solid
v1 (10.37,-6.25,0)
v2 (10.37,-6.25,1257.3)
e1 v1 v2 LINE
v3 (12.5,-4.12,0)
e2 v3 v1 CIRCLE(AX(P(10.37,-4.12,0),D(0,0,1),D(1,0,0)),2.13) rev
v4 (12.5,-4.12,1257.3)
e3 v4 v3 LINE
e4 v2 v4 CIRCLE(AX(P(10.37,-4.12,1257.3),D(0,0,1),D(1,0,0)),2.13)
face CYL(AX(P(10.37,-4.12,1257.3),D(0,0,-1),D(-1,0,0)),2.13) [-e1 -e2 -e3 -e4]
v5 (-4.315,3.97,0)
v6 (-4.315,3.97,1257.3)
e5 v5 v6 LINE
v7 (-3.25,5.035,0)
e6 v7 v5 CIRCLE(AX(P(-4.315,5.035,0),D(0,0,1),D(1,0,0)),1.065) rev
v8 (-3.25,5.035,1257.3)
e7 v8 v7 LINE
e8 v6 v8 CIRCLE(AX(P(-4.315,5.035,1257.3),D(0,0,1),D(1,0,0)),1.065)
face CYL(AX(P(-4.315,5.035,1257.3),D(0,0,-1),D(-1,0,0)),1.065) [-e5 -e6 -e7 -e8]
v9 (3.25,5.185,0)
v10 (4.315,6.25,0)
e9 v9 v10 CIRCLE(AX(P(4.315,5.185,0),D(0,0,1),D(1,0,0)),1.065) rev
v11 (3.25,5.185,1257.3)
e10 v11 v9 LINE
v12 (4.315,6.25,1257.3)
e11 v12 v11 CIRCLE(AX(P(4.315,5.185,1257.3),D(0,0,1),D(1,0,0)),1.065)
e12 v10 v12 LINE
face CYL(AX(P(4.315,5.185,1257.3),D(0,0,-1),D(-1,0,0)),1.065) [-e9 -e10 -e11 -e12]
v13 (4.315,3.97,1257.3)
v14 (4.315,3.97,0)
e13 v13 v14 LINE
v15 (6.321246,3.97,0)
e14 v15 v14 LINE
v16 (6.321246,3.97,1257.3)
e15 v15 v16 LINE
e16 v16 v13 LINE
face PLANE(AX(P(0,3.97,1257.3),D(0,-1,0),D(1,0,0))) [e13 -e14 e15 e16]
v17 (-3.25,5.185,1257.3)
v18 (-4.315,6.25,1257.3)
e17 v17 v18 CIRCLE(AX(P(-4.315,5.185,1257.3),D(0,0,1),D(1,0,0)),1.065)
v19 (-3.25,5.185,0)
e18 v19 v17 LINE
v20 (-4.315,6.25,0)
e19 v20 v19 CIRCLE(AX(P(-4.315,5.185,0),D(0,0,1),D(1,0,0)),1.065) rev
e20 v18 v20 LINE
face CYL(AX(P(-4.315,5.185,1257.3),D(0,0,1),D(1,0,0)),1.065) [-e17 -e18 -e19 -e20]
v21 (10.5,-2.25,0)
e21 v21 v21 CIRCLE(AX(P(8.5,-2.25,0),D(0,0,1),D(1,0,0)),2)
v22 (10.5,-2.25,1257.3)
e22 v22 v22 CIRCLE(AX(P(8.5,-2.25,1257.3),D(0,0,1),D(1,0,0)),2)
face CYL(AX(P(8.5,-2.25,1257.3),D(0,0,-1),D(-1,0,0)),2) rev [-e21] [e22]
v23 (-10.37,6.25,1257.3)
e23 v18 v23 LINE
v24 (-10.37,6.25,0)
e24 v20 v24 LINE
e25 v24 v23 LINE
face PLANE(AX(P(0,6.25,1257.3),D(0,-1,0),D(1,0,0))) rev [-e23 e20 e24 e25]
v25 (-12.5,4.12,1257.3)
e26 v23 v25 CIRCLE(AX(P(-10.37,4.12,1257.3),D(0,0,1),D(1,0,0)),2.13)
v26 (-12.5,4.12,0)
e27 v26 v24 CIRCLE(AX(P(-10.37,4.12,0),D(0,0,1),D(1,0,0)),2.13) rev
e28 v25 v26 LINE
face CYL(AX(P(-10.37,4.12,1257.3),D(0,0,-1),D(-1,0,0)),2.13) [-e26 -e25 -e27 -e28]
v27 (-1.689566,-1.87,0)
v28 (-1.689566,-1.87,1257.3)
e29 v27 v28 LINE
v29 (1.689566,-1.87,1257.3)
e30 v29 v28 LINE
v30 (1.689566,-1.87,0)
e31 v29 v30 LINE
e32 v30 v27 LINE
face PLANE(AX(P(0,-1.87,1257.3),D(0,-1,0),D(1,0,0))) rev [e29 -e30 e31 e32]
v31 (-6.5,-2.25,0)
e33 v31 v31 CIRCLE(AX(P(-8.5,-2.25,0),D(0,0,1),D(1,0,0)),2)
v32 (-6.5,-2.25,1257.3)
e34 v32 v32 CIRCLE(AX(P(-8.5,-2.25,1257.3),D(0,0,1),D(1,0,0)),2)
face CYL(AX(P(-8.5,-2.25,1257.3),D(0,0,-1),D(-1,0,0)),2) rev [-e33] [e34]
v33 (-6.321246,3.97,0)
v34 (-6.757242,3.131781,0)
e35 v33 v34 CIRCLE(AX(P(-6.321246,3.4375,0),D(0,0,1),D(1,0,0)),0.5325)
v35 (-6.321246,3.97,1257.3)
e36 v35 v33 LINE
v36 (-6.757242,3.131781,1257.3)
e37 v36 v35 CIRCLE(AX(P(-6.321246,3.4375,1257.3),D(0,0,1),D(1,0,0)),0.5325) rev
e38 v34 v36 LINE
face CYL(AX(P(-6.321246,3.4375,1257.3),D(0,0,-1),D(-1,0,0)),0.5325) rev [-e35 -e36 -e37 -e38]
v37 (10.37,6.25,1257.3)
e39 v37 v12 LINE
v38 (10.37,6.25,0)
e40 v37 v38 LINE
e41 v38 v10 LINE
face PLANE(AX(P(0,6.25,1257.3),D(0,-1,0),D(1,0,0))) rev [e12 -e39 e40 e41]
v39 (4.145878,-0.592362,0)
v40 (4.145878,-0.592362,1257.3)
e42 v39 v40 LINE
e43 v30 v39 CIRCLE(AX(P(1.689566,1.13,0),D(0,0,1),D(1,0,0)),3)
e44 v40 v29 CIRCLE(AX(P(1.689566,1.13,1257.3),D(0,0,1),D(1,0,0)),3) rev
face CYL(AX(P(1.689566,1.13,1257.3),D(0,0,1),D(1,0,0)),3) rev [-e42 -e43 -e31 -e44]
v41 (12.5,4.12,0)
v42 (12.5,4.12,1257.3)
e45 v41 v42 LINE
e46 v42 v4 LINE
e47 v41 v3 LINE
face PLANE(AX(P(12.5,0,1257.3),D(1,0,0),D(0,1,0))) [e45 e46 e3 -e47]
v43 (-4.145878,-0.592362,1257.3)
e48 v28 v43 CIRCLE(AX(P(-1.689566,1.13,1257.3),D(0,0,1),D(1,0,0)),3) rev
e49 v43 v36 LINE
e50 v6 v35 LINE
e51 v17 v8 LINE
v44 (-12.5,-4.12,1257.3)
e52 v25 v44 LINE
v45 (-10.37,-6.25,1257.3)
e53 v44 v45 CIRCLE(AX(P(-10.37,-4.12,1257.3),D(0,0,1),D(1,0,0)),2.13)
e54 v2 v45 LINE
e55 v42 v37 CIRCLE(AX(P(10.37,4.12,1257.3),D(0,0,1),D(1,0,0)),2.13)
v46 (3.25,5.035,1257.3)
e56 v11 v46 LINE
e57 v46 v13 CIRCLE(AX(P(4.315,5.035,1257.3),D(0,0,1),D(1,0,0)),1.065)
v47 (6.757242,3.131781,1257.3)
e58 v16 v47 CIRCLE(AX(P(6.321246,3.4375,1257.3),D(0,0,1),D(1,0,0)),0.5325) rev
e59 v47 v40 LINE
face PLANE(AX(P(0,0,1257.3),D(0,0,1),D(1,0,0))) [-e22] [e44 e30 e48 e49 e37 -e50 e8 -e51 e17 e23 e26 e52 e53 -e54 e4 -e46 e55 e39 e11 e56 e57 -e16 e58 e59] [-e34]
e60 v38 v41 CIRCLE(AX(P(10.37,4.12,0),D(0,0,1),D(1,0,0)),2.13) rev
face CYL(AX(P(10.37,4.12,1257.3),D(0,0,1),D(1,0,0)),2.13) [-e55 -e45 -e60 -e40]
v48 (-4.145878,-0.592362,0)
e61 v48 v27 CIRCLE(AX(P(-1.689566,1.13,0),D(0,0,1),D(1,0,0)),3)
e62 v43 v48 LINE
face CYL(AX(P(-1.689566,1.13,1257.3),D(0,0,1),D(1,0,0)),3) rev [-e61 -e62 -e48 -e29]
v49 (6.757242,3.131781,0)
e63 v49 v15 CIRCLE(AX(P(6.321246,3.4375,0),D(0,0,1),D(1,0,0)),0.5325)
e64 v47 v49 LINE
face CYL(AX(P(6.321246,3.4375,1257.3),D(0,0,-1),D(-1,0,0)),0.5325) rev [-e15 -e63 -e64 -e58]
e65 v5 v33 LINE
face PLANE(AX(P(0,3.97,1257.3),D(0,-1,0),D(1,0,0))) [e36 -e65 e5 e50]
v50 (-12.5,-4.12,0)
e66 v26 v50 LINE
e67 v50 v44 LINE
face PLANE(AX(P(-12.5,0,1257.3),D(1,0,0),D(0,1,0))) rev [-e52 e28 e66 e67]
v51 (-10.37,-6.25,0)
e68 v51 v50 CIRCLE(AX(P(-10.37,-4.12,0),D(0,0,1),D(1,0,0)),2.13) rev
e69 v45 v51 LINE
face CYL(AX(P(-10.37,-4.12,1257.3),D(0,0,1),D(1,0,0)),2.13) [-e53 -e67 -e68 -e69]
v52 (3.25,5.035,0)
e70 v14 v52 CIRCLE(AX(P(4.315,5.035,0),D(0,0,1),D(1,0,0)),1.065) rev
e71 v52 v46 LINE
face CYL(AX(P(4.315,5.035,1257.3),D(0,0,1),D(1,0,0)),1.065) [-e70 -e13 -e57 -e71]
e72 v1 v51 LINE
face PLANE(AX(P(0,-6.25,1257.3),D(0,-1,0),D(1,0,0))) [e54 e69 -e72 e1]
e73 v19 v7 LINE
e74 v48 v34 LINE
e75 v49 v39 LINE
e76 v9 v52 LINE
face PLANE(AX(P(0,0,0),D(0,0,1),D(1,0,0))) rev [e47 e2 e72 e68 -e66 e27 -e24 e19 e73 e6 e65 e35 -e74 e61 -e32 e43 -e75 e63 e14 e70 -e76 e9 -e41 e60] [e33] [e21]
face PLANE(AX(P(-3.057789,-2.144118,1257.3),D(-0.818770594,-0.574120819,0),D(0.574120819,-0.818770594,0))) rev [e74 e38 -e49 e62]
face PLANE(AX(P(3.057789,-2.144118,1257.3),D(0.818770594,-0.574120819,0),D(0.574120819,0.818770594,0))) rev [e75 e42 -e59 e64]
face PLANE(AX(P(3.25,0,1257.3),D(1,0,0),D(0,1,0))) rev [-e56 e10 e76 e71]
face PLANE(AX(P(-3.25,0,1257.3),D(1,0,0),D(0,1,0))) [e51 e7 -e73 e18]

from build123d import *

# Parameters (mm, degrees)
SKETCH1_R           = 2
BOSS_EXTRUDE2_DEPTH = 1257.3
FILLET1_R           = 1.065
FILLET4_R           = 2.13
FILLET5_R           = 2.13
FILLET8_R           = 0.5325
FILLET11_R          = 0.5325
FILLET15_R          = 3
FILLET16_R          = 3


with BuildPart() as part:
    # Sketch1 → Boss-Extrude2 (new body)
    with BuildSketch(Plane.XY):
        Polygon((7.345, 3.97), (3.25, -1.87), (-3.25, -1.87), (-7.345, 3.97), (-3.25, 3.97), (-3.25, 6.25), (-12.5, 6.25), (-12.5, -6.25), (12.5, -6.25), (12.5, 6.25), (3.25, 6.25), (3.25, 3.97), align=None)
        with Locations((-8.5, -2.25)):
            Circle(SKETCH1_R, mode=Mode.SUBTRACT)
        with Locations((8.5, -2.25)):
            Circle(SKETCH1_R, mode=Mode.SUBTRACT)
    extrude(amount=BOSS_EXTRUDE2_DEPTH)

    # Fillet1
    fillet1_edges = [part.edges().sort_by_distance(p)[0] for p in [
        (3.25, 3.97, 628.65),
        (3.25, 6.25, 628.65),
        (-3.25, 6.25, 628.65),
        (-3.25, 3.97, 628.65),
    ]]
    fillet(fillet1_edges, radius=FILLET1_R)

    # Fillet4
    fillet4_edges = [part.edges().sort_by_distance(p)[0] for p in [
        (12.5, 6.25, 628.65),
    ]]
    fillet(fillet4_edges, radius=FILLET4_R)

    # Fillet5
    fillet5_edges = [part.edges().sort_by_distance(p)[0] for p in [
        (12.5, -6.25, 628.65),
        (-12.5, -6.25, 628.65),
        (-12.5, 6.25, 628.65),
    ]]
    fillet(fillet5_edges, radius=FILLET5_R)

    # Fillet8
    fillet8_edges = [part.edges().sort_by_distance(p)[0] for p in [
        (7.345, 3.97, 628.65),
    ]]
    fillet(fillet8_edges, radius=FILLET8_R)

    # Fillet11
    fillet11_edges = [part.edges().sort_by_distance(p)[0] for p in [
        (-7.345, 3.97, 628.65),
    ]]
    fillet(fillet11_edges, radius=FILLET11_R)

    # Fillet15
    fillet15_edges = [part.edges().sort_by_distance(p)[0] for p in [
        (-3.25, -1.87, 628.65),
    ]]
    fillet(fillet15_edges, radius=FILLET15_R)

    # Fillet16
    fillet16_edges = [part.edges().sort_by_distance(p)[0] for p in [
        (3.25, -1.87, 628.65),
    ]]
    fillet(fillet16_edges, radius=FILLET16_R)


solid = part.part
